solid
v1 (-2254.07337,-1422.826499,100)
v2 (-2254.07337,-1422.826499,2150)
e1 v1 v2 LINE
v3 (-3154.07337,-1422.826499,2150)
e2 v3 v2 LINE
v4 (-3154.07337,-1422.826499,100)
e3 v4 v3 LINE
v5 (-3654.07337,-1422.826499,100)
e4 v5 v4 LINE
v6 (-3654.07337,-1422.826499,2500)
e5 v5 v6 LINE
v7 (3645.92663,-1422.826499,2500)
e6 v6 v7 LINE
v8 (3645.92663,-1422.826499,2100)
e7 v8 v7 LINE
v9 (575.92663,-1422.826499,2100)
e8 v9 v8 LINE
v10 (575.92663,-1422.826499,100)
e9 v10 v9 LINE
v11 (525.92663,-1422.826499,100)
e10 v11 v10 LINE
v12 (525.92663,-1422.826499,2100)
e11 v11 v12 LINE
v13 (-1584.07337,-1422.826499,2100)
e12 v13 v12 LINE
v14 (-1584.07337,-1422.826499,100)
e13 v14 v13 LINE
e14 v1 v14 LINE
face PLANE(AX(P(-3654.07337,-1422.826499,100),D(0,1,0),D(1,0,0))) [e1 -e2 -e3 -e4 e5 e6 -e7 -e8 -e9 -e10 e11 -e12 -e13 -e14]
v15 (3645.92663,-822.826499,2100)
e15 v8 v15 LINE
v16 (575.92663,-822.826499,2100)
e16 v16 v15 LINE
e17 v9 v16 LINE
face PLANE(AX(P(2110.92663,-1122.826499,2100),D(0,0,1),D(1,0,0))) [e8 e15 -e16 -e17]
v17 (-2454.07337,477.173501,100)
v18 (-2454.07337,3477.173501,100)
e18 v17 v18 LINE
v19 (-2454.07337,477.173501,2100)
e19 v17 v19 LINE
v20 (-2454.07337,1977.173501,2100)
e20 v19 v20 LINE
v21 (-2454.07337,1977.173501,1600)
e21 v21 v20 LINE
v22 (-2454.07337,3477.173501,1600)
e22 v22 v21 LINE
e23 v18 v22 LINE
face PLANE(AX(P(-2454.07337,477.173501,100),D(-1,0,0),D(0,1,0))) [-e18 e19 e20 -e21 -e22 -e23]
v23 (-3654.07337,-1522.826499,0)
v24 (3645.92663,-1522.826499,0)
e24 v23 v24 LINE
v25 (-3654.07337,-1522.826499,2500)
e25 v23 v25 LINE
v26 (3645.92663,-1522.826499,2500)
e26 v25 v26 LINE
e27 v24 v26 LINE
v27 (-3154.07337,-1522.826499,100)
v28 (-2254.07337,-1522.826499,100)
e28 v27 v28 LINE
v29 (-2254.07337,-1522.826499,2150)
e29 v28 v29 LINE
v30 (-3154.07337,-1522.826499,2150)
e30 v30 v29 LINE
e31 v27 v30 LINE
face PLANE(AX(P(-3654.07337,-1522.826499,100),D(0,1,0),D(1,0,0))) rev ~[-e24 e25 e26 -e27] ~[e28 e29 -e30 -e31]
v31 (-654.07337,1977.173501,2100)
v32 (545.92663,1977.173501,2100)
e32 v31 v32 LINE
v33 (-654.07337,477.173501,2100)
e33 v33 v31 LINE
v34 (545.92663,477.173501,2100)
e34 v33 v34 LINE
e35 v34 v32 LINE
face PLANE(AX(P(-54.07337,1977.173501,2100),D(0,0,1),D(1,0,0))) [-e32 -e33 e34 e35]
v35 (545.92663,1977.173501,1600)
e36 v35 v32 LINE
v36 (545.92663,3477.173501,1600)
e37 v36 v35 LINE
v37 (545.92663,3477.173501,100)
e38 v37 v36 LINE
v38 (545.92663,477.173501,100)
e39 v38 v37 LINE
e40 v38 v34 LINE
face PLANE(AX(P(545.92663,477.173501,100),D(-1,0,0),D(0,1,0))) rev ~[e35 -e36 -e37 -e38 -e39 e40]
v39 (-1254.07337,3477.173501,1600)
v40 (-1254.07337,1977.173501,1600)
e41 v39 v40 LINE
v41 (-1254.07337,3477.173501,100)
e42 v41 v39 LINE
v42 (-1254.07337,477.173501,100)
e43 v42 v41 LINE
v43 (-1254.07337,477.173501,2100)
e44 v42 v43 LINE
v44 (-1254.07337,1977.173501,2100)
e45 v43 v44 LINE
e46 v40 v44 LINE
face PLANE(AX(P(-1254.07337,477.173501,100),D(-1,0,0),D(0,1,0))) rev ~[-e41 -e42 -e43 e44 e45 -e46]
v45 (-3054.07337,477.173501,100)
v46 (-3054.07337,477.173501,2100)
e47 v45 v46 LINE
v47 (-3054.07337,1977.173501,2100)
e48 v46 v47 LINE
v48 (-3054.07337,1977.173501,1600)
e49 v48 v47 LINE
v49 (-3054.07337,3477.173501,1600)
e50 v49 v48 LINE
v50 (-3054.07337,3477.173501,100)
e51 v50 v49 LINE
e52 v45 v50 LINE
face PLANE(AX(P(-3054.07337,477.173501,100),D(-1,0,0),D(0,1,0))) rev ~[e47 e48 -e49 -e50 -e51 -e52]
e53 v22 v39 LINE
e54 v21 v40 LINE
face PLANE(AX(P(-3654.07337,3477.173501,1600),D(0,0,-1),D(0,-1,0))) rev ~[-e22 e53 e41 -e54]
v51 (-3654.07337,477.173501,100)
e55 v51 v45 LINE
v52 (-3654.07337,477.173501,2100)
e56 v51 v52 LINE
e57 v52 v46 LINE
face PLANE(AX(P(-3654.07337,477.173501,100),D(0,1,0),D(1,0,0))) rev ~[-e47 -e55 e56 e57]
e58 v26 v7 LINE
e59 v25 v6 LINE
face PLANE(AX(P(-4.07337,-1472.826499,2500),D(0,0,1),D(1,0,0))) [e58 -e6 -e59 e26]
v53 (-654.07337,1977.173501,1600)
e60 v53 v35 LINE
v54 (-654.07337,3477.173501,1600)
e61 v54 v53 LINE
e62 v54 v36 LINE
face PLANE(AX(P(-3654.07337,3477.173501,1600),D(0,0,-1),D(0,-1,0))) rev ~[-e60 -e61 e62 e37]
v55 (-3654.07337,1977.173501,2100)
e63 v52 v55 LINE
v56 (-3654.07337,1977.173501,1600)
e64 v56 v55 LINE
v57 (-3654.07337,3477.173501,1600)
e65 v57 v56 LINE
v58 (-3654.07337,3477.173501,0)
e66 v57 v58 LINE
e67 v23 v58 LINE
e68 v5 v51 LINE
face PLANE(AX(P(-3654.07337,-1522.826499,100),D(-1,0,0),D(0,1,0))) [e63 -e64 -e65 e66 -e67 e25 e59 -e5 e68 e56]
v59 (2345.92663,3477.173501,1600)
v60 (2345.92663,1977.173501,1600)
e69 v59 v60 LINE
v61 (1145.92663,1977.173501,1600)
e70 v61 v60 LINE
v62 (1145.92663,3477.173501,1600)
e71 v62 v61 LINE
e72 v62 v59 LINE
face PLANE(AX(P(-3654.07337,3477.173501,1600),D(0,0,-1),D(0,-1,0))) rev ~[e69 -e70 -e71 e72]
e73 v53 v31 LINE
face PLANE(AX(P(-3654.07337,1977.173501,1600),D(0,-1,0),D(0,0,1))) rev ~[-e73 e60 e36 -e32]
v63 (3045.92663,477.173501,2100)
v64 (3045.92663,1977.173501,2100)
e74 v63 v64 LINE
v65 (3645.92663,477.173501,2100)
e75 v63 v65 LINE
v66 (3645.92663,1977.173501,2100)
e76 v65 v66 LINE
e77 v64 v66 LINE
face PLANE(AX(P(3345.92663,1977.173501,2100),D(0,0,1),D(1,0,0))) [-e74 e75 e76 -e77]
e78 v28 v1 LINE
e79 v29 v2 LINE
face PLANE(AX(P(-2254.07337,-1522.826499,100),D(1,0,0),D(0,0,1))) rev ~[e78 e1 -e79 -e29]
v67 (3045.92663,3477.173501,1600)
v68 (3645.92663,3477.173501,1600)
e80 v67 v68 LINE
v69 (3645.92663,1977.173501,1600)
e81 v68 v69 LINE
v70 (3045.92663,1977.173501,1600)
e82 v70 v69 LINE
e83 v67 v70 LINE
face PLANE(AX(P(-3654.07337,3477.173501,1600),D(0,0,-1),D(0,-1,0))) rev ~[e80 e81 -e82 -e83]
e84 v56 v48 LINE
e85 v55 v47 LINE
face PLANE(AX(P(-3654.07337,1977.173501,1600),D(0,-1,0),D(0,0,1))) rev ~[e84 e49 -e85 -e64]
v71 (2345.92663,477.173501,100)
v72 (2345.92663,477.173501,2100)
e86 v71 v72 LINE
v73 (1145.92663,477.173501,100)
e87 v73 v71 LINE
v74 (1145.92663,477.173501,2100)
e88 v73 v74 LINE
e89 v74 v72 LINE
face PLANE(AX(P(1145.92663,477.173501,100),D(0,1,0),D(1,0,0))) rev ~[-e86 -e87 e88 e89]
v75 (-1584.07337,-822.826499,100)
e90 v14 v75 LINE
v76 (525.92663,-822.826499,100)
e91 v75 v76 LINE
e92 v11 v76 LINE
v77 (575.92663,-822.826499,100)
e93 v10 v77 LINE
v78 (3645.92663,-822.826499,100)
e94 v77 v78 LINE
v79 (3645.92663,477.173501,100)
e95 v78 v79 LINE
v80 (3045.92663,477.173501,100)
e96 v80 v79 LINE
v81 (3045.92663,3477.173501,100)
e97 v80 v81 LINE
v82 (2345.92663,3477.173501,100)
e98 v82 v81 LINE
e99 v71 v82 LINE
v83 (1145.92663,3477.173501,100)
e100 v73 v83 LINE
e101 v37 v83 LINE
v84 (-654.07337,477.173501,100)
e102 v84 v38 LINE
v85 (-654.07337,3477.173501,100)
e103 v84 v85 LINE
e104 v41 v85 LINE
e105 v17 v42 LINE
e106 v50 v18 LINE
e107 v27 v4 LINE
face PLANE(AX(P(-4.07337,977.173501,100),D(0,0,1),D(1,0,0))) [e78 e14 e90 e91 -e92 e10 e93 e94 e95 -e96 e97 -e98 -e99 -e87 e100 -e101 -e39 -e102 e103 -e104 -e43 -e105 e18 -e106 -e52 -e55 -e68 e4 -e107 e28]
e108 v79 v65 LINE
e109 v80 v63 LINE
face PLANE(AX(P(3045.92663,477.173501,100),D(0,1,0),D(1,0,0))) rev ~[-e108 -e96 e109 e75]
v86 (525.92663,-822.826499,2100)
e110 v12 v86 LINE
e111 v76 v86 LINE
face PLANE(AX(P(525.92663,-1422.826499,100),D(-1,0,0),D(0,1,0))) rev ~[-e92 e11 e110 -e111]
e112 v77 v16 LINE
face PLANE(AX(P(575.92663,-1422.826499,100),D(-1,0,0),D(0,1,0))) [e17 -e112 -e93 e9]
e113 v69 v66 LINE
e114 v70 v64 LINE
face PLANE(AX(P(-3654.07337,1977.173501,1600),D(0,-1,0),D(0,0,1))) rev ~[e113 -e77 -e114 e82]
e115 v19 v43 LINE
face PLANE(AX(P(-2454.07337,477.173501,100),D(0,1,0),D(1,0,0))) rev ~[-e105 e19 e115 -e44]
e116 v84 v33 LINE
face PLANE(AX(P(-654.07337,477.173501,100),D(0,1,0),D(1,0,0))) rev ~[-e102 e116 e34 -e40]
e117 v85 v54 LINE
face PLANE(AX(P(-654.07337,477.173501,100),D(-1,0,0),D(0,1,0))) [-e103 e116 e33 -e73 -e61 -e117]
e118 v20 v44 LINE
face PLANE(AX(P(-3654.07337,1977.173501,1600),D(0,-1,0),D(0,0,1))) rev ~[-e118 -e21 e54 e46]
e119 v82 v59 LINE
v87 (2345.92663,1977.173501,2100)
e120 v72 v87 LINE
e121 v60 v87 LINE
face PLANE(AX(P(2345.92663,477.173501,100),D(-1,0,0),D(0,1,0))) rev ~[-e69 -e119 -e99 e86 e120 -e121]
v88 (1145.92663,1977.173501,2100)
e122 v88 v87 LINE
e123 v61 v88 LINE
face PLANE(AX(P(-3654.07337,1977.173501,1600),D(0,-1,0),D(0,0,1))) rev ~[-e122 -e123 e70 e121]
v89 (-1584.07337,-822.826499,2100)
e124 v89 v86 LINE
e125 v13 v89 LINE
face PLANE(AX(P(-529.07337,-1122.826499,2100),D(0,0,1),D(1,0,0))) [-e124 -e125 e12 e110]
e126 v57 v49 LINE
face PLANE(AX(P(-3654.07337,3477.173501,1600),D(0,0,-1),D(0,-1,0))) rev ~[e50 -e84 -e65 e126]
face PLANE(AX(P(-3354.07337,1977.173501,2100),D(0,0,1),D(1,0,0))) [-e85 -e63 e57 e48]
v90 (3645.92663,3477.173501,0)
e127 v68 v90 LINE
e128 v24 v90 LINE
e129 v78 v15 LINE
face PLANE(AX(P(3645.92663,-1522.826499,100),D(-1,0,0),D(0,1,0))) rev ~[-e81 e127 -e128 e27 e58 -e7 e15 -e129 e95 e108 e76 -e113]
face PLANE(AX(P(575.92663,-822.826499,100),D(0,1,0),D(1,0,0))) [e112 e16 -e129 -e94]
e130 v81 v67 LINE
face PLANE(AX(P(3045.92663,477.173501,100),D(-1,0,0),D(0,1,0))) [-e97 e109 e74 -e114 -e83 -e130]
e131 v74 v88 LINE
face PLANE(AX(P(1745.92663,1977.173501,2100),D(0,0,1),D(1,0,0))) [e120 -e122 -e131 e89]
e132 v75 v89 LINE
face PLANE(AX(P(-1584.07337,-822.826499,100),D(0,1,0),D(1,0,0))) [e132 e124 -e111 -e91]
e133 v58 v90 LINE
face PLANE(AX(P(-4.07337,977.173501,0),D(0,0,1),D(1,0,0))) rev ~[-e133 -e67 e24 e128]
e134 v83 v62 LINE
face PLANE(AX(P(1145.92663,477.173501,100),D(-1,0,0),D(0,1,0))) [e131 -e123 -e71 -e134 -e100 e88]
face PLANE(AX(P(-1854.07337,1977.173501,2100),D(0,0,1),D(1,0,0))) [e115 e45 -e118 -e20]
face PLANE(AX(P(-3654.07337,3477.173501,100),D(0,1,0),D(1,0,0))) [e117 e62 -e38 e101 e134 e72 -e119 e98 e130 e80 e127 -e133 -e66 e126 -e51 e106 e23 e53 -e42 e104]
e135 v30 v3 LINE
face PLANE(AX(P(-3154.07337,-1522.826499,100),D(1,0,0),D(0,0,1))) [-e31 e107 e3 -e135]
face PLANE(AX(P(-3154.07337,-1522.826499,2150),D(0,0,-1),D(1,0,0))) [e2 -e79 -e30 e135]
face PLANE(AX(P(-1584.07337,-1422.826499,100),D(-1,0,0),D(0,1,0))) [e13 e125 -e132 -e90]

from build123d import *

# Parameters (mm, degrees)
F0_W      = 7300
F0_H      = 5000
F1_DEPTH  = 100
F2_W      = 600
F2_H      = 3000
F2_W_2    = 1200
F3_DEPTH  = 2000
F4_W      = 1500
F4_H      = 500
F5_DEPTH  = 8000
F6_W      = 7300
F6_H      = 100
F7_DEPTH  = 2400
F8_W      = 900
F8_H      = 2050
F9_DEPTH  = 100
F10_W     = 3070
F10_H     = 600
F11_W     = 2110
F11_H     = 600
F12_DEPTH = 2000


with BuildPart() as f1:
    # F0 (on Top) → F1 (new body)
    with BuildSketch(Plane.XY):
        with Locations((-4.0733702481, 977.1735011828)):
            Rectangle(F0_W, F0_H)
    extrude(amount=F1_DEPTH)

    # F2 (on face) → F3 (join)
    with BuildSketch(Plane.XY.offset(100)):
        with Locations((-3354.0733702481, 1977.1735011828)):
            Rectangle(F2_W, F2_H)
        with Locations((-1854.0733702481, 1977.1735011828)):
            Rectangle(F2_W_2, F2_H)
        with Locations((-54.0733702481, 1977.1735011828)):
            Rectangle(F2_W_2, F2_H)
        with Locations((1745.9266297519, 1977.1735011828)):
            Rectangle(F2_W_2, F2_H)
        with Locations((3345.9266297519, 1977.1735011828)):
            Rectangle(F2_W, F2_H)
    extrude(amount=F3_DEPTH)

    # F4 (on face) → F5 (cut)
    with BuildSketch(Plane(origin=(-3654.0733702481, 0, 0), x_dir=(0, -1, 0), z_dir=(-1, 0, 0))):
        with Locations((-2727.1735011828, 1850)):
            Rectangle(F4_W, F4_H)
    extrude(amount=-F5_DEPTH, mode=Mode.SUBTRACT)

    # F6 (on face) → F7 (join)
    with BuildSketch(Plane.XY.offset(100)):
        with Locations((-4.0733702481, -1472.8264988172)):
            Rectangle(F6_W, F6_H)
    extrude(amount=F7_DEPTH)

    # F8 (on face) → F9 (cut)
    with BuildSketch(Plane.XZ.offset(1522.8264988172)):
        with Locations((-2704.0733702481, 1125)):
            Rectangle(F8_W, F8_H)
    extrude(amount=-F9_DEPTH, mode=Mode.SUBTRACT)

    # F10 (on face) + F11 (on face) → F12 (join)
    with BuildSketch(Plane.XY.offset(100)):
        with Locations((2110.9266297519, -1122.8264988172)):
            Rectangle(F10_W, F10_H)
    with BuildSketch(Plane.XY.offset(100)):
        with Locations((-529.0733702481, -1122.8264988172)):
            Rectangle(F11_W, F11_H)
    extrude(amount=F12_DEPTH)


solid = f1.part
